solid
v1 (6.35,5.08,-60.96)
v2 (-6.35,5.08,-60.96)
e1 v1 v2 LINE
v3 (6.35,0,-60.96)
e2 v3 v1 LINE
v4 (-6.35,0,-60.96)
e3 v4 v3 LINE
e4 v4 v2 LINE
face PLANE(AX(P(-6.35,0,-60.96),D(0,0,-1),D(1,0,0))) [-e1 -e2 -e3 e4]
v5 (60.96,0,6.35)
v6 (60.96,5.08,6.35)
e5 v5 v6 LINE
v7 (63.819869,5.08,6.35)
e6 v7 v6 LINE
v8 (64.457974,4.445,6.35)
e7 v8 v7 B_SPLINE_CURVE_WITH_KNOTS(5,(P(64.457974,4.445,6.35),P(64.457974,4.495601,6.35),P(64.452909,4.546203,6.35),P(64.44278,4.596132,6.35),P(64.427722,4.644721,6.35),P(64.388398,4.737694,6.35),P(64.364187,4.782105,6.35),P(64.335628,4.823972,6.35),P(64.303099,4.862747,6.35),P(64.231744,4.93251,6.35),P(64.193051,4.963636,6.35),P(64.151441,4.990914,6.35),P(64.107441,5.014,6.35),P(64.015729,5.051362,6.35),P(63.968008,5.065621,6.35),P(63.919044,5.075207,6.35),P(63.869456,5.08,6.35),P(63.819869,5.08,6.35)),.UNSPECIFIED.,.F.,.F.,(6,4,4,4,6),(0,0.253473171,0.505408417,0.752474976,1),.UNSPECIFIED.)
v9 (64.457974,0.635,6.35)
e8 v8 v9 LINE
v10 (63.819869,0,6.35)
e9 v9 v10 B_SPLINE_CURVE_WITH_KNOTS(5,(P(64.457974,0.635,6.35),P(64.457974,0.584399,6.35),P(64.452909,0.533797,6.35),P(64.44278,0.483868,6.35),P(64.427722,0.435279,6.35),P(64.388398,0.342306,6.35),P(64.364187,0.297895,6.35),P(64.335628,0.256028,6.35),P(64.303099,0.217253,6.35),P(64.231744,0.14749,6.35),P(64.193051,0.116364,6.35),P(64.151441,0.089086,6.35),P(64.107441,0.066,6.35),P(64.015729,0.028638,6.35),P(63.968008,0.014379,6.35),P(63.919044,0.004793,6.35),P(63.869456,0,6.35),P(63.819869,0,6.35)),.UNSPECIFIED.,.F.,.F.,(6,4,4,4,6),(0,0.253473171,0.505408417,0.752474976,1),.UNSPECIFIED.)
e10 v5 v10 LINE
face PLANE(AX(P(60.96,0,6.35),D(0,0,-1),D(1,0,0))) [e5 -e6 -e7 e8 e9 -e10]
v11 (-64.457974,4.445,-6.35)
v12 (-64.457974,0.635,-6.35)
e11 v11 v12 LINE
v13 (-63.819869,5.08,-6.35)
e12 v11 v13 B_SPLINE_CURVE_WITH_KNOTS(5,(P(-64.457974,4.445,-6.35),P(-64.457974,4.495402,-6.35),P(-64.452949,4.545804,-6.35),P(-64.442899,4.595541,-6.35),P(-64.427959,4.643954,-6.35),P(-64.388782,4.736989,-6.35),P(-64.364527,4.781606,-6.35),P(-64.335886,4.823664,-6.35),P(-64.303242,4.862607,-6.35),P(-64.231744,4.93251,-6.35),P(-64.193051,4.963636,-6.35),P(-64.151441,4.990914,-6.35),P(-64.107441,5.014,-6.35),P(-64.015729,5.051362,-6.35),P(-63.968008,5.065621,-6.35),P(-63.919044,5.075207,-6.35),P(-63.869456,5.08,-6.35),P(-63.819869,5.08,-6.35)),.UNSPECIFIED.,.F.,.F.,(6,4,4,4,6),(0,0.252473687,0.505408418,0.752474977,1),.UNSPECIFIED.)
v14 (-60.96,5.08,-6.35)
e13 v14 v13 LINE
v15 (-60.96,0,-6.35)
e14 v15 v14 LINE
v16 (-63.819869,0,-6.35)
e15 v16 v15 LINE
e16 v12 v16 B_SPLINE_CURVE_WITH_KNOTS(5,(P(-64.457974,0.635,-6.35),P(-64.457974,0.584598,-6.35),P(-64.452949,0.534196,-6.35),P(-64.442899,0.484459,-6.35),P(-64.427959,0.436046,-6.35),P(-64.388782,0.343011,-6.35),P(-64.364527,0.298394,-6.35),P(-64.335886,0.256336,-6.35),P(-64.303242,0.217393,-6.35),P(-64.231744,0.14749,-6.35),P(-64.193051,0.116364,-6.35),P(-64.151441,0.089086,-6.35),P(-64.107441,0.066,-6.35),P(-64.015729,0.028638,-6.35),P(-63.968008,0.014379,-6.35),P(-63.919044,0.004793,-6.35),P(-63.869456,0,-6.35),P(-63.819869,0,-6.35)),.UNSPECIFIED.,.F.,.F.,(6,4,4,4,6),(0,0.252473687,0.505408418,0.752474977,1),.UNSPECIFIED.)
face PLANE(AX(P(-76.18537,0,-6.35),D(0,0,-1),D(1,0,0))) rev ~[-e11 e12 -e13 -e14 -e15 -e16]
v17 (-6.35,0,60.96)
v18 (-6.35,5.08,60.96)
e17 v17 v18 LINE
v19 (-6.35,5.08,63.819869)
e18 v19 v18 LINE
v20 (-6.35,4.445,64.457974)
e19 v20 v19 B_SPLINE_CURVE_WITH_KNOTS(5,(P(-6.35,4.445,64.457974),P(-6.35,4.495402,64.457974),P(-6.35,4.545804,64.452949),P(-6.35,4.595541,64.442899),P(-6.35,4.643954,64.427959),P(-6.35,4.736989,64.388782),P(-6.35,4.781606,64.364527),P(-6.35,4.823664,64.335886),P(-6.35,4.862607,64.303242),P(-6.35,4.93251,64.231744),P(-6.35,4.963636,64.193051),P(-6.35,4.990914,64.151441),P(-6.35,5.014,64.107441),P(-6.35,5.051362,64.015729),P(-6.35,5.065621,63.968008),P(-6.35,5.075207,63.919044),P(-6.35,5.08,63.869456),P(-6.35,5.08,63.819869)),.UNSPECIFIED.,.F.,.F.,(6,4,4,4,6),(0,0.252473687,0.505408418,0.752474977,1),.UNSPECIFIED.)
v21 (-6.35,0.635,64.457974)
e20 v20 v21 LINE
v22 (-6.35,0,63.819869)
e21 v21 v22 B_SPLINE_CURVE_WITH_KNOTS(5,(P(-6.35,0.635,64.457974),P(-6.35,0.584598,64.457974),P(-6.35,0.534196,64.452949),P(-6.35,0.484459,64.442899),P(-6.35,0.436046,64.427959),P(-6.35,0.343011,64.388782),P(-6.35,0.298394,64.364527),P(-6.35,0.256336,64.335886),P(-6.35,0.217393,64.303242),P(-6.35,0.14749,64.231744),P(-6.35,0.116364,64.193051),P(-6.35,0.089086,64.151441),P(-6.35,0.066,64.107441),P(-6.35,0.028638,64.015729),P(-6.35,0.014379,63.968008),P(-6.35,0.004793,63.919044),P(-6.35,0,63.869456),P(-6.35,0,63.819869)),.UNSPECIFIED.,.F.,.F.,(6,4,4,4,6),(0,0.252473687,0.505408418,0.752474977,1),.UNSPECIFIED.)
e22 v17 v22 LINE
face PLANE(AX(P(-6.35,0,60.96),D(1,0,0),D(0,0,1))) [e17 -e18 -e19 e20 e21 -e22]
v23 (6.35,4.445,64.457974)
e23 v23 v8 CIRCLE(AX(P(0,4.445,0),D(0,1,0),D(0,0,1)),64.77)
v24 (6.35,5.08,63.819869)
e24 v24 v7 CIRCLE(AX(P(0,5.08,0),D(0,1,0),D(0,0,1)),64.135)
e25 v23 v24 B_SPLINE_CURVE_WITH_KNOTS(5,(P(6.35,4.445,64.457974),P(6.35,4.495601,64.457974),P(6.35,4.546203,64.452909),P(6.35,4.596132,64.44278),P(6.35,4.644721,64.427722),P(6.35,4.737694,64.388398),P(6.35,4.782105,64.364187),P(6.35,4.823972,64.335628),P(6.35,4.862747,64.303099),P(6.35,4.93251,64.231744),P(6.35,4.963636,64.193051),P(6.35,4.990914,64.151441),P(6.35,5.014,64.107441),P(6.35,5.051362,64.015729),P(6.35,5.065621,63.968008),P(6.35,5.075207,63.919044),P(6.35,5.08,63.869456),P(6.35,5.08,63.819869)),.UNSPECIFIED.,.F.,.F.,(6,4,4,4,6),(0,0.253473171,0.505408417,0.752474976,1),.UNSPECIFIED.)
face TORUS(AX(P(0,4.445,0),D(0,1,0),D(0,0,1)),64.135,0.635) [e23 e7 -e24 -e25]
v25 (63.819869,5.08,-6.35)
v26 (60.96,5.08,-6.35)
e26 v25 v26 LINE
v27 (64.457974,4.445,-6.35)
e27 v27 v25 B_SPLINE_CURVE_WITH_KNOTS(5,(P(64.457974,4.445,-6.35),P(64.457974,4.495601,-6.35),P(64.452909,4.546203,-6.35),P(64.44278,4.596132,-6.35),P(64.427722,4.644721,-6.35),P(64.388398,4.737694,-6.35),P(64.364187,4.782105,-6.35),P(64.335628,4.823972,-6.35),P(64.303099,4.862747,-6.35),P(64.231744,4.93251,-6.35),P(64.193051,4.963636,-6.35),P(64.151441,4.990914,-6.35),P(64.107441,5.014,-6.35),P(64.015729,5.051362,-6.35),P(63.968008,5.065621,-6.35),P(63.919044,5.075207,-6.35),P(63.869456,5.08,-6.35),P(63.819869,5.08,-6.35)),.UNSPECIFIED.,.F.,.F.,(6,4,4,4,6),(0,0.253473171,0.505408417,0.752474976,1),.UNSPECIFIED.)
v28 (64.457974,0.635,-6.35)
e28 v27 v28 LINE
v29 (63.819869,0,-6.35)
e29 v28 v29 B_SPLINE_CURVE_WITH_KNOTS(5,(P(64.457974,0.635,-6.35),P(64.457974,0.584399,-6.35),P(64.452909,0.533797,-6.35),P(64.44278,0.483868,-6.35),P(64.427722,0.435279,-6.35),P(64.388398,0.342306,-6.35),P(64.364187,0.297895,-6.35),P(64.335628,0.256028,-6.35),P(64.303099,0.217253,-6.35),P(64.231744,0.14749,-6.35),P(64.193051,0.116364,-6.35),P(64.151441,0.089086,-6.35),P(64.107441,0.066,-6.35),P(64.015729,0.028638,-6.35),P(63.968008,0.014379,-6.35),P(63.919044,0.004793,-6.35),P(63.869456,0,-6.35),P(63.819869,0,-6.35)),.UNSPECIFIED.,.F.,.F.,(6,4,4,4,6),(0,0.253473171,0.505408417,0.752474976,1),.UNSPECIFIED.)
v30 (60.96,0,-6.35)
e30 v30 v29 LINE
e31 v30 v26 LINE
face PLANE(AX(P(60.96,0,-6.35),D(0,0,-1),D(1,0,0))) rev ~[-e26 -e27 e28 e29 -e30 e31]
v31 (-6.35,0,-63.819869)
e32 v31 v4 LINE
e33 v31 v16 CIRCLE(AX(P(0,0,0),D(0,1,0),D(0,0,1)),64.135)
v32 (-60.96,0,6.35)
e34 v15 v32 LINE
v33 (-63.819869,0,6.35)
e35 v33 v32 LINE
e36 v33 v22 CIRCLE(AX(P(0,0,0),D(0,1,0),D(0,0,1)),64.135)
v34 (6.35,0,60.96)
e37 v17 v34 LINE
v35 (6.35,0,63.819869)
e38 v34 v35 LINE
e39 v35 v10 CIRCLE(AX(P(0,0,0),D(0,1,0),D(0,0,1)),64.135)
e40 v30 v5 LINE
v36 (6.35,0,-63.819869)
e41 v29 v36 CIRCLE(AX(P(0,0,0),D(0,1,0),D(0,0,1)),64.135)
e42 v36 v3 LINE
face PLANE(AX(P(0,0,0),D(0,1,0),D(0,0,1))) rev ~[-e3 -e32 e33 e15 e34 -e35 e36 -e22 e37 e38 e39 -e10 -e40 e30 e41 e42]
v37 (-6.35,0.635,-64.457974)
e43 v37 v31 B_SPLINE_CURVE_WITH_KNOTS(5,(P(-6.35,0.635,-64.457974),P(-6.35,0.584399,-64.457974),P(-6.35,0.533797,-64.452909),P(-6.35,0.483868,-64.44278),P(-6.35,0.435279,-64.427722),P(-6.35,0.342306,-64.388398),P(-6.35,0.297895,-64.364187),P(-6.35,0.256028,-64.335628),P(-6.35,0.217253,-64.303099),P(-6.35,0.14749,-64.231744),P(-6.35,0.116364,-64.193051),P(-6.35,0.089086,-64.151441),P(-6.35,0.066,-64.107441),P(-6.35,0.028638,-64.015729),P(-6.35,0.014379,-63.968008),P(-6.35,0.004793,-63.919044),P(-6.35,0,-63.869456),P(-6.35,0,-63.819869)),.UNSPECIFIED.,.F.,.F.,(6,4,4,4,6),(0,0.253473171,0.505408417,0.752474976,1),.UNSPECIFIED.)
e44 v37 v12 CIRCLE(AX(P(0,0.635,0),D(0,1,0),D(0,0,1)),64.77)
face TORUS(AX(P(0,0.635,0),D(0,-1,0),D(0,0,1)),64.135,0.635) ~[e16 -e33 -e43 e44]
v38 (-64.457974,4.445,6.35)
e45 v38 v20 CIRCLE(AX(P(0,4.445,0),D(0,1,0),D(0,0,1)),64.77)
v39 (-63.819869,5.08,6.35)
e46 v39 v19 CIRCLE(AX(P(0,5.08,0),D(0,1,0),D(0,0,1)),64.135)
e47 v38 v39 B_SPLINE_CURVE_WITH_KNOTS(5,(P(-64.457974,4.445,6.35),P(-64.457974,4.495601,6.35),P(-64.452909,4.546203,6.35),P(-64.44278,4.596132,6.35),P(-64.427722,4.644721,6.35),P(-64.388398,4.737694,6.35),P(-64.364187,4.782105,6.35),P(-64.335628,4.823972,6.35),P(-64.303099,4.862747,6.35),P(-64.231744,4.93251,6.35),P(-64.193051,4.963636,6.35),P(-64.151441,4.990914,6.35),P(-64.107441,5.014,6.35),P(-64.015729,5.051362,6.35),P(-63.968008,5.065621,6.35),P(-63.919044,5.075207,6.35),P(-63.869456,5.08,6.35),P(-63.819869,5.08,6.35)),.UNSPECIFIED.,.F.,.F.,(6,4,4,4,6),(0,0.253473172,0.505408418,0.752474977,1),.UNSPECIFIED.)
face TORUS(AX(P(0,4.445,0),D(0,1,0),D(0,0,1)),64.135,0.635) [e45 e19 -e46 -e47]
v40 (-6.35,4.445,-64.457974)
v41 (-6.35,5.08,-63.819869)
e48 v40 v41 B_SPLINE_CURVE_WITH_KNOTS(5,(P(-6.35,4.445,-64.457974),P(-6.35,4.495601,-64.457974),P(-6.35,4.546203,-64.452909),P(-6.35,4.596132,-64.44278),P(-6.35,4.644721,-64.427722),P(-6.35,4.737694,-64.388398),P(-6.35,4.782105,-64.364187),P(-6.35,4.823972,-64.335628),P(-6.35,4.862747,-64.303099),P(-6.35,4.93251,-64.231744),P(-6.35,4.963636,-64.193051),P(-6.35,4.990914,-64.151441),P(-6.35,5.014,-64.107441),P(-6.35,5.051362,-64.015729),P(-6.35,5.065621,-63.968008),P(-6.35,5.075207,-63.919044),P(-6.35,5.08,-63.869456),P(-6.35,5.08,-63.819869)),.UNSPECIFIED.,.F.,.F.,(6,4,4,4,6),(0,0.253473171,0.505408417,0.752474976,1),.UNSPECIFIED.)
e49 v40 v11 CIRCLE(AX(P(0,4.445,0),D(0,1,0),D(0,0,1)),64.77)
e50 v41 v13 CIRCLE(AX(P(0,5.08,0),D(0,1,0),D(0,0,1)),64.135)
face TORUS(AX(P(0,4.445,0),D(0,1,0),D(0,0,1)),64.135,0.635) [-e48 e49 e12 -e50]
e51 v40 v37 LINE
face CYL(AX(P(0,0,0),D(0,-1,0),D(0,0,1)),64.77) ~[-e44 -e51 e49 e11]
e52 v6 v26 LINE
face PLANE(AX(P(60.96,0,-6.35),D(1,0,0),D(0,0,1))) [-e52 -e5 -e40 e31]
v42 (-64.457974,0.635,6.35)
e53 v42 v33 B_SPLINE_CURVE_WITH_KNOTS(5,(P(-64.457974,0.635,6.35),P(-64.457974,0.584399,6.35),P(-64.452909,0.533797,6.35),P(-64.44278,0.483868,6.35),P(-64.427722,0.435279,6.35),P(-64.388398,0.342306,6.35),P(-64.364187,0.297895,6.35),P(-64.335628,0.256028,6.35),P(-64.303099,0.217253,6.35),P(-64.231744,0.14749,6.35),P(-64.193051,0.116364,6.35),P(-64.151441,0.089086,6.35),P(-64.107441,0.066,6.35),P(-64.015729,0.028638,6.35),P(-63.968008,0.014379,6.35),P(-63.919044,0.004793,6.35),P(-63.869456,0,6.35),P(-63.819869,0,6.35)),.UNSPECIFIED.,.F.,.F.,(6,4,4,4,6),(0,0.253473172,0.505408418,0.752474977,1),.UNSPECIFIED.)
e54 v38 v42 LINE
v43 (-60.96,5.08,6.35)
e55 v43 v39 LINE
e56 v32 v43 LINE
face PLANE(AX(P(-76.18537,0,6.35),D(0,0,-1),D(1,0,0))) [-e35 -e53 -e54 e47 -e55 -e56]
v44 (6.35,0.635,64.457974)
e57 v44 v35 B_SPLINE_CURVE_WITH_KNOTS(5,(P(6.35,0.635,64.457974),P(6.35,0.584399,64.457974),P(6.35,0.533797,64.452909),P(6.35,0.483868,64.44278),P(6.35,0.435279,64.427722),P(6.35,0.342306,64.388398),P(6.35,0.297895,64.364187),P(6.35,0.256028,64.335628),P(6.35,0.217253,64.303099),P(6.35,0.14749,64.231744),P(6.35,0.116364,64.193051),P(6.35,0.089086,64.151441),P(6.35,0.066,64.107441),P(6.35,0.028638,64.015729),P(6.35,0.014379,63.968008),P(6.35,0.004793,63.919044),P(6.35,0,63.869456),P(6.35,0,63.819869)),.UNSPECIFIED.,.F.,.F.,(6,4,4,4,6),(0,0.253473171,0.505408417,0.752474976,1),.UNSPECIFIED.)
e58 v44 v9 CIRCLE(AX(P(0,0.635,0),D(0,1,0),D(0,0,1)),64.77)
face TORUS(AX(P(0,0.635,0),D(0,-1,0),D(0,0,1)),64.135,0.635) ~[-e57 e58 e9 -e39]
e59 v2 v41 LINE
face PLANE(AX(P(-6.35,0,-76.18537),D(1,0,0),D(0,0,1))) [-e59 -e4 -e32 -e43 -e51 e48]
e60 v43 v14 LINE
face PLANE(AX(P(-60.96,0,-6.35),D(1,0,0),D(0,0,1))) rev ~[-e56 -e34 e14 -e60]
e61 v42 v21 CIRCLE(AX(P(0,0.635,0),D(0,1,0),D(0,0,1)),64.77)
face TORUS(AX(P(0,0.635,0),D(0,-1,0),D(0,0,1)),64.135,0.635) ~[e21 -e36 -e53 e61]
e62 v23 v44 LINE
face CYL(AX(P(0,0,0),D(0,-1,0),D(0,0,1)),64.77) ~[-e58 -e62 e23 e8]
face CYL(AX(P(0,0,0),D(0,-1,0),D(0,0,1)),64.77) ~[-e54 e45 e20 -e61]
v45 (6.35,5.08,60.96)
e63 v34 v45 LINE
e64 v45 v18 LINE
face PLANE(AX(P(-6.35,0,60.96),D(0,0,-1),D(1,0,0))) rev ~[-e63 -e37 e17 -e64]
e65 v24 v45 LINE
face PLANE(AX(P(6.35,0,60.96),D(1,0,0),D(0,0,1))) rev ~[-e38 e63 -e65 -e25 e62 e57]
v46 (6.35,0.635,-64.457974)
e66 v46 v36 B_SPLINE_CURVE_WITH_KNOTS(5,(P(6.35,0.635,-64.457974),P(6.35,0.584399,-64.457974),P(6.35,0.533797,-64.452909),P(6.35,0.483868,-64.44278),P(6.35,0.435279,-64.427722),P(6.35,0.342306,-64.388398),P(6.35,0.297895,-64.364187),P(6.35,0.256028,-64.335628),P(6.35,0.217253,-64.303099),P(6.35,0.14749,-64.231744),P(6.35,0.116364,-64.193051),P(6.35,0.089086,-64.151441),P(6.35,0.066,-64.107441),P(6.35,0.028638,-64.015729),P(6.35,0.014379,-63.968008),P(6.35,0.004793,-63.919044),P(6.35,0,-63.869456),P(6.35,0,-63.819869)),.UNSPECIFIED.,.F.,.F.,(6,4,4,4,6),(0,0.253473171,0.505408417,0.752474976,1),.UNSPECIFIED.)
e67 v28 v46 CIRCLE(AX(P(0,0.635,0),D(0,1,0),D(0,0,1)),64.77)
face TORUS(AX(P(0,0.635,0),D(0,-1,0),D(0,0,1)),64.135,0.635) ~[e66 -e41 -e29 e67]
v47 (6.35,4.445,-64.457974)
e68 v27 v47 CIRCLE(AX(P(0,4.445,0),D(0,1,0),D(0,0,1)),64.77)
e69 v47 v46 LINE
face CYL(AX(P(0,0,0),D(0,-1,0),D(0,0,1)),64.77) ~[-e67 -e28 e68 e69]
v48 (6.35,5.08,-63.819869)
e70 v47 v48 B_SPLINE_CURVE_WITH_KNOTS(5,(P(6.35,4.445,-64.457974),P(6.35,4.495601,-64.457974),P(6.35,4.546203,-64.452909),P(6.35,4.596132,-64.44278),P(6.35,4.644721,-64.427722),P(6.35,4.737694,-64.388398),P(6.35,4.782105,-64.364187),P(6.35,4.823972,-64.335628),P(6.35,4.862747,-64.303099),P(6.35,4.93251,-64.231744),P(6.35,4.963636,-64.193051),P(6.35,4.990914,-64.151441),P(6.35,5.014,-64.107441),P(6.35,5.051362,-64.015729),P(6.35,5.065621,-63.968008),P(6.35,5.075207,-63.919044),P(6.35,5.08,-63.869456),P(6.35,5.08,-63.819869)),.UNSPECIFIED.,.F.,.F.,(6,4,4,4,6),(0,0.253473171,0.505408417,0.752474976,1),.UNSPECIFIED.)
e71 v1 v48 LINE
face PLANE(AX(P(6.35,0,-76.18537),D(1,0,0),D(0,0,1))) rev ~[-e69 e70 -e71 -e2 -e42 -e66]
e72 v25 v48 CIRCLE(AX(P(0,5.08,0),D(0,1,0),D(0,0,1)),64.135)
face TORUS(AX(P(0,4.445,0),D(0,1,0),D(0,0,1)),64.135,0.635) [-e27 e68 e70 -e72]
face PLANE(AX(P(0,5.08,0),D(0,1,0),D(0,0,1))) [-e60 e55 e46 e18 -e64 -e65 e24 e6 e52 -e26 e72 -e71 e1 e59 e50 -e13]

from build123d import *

# Parameters (mm, degrees)
SKETCH2_R           = 64.77
BOSS_EXTRUDE1_DEPTH = 5.08
FILLET1_R           = 0.635
SKETCH3_W           = 12.7
SKETCH3_H           = 15.225369524
SKETCH3_W_2         = 15.225369524
SKETCH3_H_2         = 12.7
CUT_EXTRUDE1_DEPTH  = 92.739371117


with BuildPart() as part:
    # Sketch2 → Boss-Extrude1 (new body)
    with BuildSketch(Plane(origin=(0, 0, 0), x_dir=(1, 0, 0), z_dir=(0, 1, 0))):
        with Locations(Location((0, 0, 0), (0, 0, 270))):
            Circle(SKETCH2_R)
    extrude(amount=BOSS_EXTRUDE1_DEPTH)

    # Fillet1
    fillet1_edges = [part.edges().sort_by_distance(p)[0] for p in [
        (0, 0, -64.77),
        (0, 5.08, -64.77),
    ]]
    fillet(fillet1_edges, radius=FILLET1_R)

    # Sketch3 → Cut-Extrude1 (cut, through all)
    with BuildSketch(Plane.XZ):
        with Locations((0, 68.572684762)):
            Rectangle(SKETCH3_W, SKETCH3_H)
        with Locations((68.572684762, 0)):
            Rectangle(SKETCH3_W_2, SKETCH3_H_2)
        with Locations((0, -68.572684762)):
            Rectangle(SKETCH3_W, SKETCH3_H)
        with Locations((-68.572684762, 0)):
            Rectangle(SKETCH3_W_2, SKETCH3_H_2)
    extrude(amount=-CUT_EXTRUDE1_DEPTH, mode=Mode.SUBTRACT)


solid = part.part
